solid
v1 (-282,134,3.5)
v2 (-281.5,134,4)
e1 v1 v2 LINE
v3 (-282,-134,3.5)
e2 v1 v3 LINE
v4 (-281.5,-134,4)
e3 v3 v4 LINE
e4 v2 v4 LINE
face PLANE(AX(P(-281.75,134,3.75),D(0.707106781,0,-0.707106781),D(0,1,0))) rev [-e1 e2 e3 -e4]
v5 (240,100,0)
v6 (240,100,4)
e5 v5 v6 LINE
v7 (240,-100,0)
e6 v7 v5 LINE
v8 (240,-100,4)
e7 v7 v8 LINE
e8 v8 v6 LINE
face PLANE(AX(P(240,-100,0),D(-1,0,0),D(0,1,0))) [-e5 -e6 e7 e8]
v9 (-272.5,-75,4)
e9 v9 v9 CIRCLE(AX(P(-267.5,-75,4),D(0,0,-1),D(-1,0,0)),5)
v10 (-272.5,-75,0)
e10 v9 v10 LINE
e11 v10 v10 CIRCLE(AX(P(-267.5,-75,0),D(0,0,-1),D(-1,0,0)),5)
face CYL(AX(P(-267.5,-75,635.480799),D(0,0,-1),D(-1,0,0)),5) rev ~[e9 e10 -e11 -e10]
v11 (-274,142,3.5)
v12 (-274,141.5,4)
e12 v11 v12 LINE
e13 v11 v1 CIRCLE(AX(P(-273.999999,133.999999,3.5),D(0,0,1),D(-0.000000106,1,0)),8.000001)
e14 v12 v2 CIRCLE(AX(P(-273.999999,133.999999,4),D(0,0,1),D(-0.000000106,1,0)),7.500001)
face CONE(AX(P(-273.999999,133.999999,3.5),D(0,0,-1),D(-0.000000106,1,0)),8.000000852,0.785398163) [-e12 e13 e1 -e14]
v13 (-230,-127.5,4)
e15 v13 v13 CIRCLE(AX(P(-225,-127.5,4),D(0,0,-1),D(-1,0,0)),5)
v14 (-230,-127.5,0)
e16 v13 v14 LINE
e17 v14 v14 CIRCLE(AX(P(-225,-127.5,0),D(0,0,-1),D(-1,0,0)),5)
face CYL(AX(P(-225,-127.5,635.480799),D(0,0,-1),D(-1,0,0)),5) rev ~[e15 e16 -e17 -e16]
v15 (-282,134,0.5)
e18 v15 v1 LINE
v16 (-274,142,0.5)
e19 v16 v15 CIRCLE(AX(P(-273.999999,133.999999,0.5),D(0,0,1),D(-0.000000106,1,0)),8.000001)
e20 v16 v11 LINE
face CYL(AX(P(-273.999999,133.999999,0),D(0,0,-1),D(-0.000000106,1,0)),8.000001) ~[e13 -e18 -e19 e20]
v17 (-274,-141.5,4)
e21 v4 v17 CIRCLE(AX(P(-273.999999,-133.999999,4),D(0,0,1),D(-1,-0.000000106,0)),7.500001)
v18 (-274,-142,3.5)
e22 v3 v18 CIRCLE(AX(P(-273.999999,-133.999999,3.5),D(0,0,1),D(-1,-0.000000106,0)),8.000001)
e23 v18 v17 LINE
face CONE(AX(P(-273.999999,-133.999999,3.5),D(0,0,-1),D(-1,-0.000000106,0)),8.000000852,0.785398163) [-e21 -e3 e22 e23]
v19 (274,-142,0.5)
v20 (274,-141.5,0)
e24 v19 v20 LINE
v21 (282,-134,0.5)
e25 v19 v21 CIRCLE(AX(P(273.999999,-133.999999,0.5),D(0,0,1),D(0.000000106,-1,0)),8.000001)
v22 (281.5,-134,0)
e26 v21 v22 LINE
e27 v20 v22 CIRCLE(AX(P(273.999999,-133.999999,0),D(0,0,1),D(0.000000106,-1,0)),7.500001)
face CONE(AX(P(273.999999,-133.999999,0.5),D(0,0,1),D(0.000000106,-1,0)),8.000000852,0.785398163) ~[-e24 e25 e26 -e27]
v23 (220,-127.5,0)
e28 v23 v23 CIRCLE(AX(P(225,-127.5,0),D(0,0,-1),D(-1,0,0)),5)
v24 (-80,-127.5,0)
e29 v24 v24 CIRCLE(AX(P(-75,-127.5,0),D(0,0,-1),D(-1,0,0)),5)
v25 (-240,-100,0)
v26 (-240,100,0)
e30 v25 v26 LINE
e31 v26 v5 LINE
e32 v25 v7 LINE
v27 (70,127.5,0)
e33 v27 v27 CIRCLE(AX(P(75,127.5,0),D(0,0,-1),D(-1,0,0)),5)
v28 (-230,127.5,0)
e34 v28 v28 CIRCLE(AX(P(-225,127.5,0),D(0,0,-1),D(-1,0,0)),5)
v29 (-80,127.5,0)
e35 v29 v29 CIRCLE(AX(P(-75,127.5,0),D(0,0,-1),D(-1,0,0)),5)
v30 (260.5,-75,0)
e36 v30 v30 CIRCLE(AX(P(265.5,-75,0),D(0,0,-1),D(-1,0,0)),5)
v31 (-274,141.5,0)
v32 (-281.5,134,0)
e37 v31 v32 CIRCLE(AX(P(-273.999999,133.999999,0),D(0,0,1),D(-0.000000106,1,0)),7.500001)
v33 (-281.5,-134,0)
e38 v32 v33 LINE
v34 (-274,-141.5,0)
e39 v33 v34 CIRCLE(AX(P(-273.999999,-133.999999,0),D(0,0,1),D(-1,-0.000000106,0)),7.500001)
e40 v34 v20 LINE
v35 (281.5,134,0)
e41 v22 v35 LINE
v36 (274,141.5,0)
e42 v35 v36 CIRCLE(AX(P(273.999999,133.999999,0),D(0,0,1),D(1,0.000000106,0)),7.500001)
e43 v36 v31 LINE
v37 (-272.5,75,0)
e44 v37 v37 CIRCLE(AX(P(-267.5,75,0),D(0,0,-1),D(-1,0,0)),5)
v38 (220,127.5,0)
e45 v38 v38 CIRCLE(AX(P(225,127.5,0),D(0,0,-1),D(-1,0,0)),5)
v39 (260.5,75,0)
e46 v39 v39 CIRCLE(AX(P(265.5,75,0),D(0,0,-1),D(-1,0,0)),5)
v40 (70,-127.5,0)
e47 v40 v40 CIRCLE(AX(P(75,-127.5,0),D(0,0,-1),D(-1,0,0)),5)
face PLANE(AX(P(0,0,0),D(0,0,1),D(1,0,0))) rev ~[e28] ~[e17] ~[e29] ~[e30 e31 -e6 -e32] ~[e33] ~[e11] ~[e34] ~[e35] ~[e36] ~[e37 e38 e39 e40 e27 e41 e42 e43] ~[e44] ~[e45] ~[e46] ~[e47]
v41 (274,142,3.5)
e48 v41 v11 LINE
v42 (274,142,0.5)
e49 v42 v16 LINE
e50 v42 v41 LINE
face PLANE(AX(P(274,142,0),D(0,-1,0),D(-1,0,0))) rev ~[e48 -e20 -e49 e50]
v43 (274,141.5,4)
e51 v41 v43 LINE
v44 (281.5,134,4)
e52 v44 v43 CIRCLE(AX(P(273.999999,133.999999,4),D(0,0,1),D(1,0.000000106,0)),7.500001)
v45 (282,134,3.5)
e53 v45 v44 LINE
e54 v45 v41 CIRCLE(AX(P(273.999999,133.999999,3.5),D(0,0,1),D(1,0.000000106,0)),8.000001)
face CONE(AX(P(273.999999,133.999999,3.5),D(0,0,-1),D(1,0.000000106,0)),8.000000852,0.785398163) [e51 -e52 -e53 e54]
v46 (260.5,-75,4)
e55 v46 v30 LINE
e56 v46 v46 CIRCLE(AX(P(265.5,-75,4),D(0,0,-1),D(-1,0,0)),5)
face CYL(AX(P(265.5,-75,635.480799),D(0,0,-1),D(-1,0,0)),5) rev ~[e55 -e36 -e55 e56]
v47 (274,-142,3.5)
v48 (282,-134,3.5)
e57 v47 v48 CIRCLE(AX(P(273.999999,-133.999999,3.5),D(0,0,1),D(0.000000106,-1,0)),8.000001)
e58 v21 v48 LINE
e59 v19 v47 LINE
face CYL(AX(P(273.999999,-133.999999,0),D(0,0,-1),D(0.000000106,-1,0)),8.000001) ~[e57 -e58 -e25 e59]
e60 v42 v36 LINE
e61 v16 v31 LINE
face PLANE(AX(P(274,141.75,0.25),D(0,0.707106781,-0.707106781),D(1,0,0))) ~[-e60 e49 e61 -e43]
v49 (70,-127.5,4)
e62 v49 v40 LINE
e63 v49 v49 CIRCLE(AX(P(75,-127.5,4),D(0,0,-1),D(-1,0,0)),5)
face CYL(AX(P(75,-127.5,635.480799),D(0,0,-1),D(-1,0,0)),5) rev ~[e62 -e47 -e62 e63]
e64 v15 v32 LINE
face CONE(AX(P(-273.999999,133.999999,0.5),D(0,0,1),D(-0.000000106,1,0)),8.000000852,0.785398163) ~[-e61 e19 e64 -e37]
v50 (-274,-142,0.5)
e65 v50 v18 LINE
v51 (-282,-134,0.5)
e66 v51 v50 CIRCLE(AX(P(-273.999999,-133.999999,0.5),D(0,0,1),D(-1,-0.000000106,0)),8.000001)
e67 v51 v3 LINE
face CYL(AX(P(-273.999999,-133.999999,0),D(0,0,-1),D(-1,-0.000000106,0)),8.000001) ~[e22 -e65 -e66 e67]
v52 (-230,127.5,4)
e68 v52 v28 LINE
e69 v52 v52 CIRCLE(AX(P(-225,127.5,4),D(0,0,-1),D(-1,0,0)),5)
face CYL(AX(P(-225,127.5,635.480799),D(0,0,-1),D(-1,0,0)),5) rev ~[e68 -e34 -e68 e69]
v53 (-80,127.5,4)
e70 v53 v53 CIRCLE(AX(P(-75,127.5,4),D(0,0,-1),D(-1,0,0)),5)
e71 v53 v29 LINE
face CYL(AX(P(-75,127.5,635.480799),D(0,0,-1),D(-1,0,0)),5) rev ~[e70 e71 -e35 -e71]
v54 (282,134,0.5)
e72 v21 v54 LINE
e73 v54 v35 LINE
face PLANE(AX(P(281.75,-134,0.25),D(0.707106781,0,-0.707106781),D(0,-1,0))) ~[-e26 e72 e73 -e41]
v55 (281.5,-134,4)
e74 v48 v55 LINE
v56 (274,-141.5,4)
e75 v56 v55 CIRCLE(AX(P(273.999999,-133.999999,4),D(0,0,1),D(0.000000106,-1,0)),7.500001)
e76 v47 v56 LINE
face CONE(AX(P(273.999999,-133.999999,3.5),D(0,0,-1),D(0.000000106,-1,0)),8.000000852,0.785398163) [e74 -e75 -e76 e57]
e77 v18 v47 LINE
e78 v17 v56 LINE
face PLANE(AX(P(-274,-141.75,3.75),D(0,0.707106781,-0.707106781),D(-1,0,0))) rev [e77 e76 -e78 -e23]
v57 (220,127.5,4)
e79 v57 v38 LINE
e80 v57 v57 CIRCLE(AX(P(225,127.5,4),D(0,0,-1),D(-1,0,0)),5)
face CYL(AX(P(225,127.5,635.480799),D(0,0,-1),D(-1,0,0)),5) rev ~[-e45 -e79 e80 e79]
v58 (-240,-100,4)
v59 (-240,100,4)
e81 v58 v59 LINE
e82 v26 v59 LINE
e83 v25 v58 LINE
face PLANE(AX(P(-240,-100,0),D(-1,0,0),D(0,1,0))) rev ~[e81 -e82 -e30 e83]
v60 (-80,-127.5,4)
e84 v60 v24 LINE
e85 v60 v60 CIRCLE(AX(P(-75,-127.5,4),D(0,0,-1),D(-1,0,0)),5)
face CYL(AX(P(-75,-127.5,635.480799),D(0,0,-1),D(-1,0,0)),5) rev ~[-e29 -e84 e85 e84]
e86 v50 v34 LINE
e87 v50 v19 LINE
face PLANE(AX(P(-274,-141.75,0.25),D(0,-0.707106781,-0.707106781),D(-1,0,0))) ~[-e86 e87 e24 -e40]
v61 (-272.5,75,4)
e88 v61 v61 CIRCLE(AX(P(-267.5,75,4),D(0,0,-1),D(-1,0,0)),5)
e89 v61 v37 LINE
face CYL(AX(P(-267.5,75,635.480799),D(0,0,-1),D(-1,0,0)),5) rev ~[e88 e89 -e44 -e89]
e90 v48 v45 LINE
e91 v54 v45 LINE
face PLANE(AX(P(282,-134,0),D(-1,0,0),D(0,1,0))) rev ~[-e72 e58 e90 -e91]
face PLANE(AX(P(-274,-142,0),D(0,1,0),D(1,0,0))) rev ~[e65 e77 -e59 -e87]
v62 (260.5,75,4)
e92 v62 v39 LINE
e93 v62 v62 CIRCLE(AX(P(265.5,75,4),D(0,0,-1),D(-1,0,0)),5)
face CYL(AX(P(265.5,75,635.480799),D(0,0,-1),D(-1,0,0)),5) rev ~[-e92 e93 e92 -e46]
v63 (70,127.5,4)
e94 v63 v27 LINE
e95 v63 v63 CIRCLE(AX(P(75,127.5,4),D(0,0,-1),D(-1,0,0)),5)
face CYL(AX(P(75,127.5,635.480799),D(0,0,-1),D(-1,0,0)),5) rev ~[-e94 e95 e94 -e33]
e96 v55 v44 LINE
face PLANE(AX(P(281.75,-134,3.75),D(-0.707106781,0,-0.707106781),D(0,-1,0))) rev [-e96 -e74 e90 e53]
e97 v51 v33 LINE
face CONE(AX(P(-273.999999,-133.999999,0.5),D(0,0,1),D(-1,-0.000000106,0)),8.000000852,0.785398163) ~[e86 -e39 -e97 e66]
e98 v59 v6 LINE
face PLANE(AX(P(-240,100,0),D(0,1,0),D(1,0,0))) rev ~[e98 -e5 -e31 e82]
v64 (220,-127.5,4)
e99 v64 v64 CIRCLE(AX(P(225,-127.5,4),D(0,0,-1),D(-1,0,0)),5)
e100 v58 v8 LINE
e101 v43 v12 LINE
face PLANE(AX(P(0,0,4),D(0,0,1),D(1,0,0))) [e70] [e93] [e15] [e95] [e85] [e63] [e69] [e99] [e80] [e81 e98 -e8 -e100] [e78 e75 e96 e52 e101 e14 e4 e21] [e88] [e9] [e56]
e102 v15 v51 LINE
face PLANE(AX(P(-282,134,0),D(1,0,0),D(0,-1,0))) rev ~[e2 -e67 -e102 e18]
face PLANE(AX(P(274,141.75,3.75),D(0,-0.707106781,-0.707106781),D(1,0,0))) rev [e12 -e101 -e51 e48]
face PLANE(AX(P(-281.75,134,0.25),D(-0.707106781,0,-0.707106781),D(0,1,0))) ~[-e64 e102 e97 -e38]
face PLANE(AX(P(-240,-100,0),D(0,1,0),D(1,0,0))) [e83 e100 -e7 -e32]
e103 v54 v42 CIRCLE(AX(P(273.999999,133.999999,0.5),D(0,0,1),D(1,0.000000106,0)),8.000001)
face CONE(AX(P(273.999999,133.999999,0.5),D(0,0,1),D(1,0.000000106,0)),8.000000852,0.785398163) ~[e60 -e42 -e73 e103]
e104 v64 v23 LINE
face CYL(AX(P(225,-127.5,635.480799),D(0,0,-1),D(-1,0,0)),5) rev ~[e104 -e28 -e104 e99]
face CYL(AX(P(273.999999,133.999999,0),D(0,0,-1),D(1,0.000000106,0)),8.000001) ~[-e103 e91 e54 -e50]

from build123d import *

# Parameters (mm, degrees)
F0_W     = 480
F0_H     = 200
F1_DEPTH = 4
F3_D     = 10
F4_SIZE  = 0.5


with BuildPart() as f1:
    # F0 (on Top) → F1 (new body)
    with BuildSketch(Plane.XY):
        with BuildLine():
            Line((-274, -142), (274, -142))
            ThreePointArc((274, -142), (279.656854, -139.656854), (282, -134))
            Line((282, -134), (282, 134))
            ThreePointArc((282, 134), (279.656854, 139.656854), (274, 142))
            Line((274, 142), (-274, 142))
            ThreePointArc((-274, 142), (-279.656854, 139.656854), (-282, 134))
            Line((-282, 134), (-282, -134))
            ThreePointArc((-282, -134), (-279.656854, -139.656854), (-274, -142))
        make_face()
        Rectangle(F0_W, F0_H, mode=Mode.SUBTRACT)
    extrude(amount=F1_DEPTH)

    # F3 (through all)
    with Locations(Plane.XY.offset(4)):
        with Locations((-225, 127.5), (-75, 127.5), (75, 127.5), (225, 127.5), (265.5, 75), (265.5, -75), (225, -127.5), (75, -127.5), (-75, -127.5), (-225, -127.5), (-267.5, 75), (-267.5, -75)):
            Hole(F3_D / 2)

    # F4
    f4_edges = [f1.edges().sort_by_distance(p)[0] for p in [
        (0, -142, 4),
        (-274, -142, 2),
        (274, -142, 2),
        (0, -142, 0),
    ]]
    chamfer(f4_edges, length=F4_SIZE)


solid = f1.part
